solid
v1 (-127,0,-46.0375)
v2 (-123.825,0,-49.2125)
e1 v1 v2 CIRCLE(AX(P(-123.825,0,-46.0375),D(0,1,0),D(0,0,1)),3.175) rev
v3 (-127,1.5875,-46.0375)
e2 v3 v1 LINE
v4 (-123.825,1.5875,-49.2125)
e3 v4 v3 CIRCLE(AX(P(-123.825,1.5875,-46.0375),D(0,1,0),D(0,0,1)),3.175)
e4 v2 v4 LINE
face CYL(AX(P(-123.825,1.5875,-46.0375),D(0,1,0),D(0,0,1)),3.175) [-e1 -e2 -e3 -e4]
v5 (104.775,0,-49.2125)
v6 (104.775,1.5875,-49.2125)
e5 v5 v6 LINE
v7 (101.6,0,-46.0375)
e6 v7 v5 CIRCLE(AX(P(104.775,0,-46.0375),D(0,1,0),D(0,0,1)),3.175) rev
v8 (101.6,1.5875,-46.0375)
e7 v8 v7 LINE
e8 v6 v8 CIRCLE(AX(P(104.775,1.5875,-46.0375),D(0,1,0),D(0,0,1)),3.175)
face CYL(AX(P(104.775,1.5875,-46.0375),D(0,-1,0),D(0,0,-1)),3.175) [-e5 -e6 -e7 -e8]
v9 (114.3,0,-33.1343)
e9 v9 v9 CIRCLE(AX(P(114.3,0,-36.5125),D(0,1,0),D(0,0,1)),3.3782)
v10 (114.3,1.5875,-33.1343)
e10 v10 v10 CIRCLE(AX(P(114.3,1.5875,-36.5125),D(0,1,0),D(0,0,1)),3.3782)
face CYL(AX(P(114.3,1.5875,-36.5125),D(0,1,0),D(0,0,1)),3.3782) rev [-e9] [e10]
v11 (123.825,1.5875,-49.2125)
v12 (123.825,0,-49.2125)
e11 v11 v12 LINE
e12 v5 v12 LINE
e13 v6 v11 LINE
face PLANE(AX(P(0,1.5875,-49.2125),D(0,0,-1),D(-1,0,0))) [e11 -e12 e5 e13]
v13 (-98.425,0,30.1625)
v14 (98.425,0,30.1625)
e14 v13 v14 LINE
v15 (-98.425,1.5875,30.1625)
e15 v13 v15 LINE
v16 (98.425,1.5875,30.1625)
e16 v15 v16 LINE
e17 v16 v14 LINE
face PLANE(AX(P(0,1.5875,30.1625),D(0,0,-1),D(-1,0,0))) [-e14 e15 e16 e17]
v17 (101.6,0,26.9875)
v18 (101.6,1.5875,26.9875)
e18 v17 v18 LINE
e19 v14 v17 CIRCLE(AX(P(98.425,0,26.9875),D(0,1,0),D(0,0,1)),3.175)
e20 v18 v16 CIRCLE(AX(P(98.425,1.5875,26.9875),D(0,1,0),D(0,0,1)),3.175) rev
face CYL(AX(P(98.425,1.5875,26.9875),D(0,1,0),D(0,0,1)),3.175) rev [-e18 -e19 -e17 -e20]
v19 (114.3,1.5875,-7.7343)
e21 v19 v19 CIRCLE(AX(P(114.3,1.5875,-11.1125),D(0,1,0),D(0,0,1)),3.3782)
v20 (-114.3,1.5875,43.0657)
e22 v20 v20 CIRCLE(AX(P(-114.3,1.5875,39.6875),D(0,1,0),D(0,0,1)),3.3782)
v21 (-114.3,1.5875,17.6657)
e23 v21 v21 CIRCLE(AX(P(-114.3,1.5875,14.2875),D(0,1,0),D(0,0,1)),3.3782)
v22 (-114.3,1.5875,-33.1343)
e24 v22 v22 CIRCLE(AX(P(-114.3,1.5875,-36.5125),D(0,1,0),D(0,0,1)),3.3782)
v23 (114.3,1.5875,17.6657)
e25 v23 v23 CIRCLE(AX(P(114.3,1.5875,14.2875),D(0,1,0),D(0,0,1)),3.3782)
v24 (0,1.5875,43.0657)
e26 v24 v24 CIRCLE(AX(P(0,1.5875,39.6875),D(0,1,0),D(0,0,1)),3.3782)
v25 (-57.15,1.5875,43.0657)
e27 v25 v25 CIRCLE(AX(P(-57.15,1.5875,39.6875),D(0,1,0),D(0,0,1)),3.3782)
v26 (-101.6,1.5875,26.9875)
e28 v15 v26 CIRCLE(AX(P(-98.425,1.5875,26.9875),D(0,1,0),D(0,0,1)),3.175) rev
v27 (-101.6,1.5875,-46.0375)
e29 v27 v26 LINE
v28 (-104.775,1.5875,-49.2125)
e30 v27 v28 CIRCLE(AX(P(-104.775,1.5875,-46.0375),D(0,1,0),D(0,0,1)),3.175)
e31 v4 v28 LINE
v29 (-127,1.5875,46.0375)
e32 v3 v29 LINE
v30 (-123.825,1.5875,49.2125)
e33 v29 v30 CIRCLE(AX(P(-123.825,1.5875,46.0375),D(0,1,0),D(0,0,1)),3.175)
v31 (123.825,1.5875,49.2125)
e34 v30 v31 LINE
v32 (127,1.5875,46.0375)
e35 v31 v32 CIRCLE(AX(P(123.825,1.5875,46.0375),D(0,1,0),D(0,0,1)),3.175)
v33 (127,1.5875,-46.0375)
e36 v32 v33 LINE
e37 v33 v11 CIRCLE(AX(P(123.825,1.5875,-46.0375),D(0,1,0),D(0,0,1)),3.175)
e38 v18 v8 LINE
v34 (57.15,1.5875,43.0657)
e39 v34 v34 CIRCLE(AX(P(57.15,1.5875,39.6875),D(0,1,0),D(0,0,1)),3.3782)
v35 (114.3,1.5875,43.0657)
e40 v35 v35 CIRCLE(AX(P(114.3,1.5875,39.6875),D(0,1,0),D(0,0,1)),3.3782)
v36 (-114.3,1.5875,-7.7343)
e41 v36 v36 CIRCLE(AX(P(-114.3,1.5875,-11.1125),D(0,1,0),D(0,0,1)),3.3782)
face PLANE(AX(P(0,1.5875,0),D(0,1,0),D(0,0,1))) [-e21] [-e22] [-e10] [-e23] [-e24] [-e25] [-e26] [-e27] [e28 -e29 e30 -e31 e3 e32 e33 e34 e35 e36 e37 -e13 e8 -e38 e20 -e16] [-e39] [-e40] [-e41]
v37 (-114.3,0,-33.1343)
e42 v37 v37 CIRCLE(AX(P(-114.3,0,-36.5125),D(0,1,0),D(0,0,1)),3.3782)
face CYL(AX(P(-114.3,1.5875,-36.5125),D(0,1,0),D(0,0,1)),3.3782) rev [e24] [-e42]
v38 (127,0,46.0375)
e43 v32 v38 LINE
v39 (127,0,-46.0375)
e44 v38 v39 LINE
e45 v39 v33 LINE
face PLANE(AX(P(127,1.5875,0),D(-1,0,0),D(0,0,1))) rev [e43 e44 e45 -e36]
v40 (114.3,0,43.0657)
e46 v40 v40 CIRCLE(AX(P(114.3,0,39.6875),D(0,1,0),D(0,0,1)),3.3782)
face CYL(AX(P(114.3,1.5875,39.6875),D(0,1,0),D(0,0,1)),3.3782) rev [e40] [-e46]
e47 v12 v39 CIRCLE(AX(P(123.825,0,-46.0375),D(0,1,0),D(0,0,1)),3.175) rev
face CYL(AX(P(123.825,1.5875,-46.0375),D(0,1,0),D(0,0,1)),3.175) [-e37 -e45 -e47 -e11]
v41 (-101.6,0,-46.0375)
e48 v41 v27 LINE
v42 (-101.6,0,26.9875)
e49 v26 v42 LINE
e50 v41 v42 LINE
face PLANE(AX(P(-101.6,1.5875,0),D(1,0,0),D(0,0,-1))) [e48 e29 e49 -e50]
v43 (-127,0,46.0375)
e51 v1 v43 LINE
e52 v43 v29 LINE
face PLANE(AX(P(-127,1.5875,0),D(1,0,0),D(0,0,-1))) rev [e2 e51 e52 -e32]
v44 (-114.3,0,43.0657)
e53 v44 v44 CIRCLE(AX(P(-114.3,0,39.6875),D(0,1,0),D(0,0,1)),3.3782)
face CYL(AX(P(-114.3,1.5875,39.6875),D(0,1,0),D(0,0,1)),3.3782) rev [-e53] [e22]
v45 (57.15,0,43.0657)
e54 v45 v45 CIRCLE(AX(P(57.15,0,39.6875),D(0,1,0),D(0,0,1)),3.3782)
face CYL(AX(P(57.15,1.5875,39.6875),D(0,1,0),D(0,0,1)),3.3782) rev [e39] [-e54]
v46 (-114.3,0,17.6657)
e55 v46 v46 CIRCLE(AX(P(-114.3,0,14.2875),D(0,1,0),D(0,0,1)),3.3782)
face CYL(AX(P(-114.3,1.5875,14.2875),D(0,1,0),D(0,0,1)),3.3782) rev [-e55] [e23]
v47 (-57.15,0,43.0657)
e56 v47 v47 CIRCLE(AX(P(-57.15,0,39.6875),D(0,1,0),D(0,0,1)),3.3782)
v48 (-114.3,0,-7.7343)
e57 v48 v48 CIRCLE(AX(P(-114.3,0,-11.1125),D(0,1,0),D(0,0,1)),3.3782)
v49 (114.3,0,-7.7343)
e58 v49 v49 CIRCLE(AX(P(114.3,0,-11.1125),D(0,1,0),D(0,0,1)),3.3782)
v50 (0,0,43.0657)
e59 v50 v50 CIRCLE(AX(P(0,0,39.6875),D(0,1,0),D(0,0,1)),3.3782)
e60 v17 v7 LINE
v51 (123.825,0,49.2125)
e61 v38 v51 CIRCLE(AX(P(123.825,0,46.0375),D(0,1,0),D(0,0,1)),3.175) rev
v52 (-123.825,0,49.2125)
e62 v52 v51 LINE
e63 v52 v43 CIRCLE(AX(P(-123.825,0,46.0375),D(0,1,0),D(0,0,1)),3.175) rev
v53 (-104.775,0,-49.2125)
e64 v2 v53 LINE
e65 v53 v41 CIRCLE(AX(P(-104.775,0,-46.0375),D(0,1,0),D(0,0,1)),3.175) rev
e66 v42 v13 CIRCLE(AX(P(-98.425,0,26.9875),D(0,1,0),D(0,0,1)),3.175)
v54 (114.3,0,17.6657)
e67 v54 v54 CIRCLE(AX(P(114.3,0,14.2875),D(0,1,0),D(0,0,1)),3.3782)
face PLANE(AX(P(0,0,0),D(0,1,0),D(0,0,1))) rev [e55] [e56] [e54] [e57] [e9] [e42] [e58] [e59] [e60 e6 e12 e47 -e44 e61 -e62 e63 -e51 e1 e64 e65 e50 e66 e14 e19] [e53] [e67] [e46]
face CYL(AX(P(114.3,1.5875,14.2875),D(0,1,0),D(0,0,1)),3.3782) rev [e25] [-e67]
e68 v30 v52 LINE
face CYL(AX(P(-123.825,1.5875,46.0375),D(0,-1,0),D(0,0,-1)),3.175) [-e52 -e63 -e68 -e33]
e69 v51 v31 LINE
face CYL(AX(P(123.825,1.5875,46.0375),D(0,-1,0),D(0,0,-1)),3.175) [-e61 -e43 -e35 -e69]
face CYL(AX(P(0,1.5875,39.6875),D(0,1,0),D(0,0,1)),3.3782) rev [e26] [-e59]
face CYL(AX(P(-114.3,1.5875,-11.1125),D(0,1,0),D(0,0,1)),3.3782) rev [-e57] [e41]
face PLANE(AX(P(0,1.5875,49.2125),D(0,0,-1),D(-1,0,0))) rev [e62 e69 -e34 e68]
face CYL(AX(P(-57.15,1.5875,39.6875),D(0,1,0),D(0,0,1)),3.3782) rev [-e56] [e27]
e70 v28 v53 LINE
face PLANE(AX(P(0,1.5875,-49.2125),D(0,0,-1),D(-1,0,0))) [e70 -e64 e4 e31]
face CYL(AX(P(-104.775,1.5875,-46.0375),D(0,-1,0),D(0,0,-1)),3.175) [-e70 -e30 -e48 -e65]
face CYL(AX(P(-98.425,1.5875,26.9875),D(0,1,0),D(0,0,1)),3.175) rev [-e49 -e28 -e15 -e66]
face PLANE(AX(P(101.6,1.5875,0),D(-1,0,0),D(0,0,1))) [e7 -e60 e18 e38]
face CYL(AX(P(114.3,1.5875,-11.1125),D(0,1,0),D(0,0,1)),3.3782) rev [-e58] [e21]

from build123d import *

# Parameters (mm, degrees)
SKETCH1_W                     = 25.4
SKETCH1_H                     = 98.425
SKETCH1_W_2                   = 203.2
SKETCH1_H_2                   = 19.05
BOSS_EXTRUDE1_DEPTH           = 1.5875
FILLET2_R                     = 3.175
TAP_DRILL_FOR_1_4_HELICOIL0_D = 6.7564


with BuildPart() as part:
    # Sketch1 → Boss-Extrude1 (new body)
    with BuildSketch(Plane(origin=(0, 0, 0), x_dir=(1, 0, 0), z_dir=(0, 1, 0))):
        with Locations((-114.3, 0)):
            Rectangle(SKETCH1_W, SKETCH1_H)
        with Locations((0, -39.6875)):
            Rectangle(SKETCH1_W_2, SKETCH1_H_2)
        Polygon((101.6, 49.2125), (101.6, -30.1625), (101.6, -49.2125), (127, -49.2125), (127, 49.2125), align=None)
    extrude(amount=BOSS_EXTRUDE1_DEPTH)

    # Fillet2
    fillet2_edges = [part.edges().sort_by_distance(p)[0] for p in [
        (-101.6, 0.79375, 30.1625),
        (101.6, 0.79375, 30.1625),
        (101.6, 0.79375, -49.2125),
        (127, 0.79375, -49.2125),
        (127, 0.79375, 49.2125),
        (-127, 0.79375, 49.2125),
        (-127, 0.79375, -49.2125),
        (-101.6, 0.79375, -49.2125),
    ]]
    fillet(fillet2_edges, radius=FILLET2_R)

    # Tap Drill for 1/4 Helicoil0 (through all)
    with Locations(Plane(origin=(0, 1.5875, 0), x_dir=(1, 0, 0), z_dir=(0, 1, 0))):
        with Locations((-114.3, 36.5125), (-114.3, 11.1125), (-114.3, -14.2875), (-57.15, -39.6875), (0, -39.6875), (57.15, -39.6875), (114.3, -14.2875), (114.3, 11.1125), (114.3, 36.5125), (-114.3, -39.6875), (114.3, -39.6875)):
            Hole(TAP_DRILL_FOR_1_4_HELICOIL0_D / 2)


solid = part.part
